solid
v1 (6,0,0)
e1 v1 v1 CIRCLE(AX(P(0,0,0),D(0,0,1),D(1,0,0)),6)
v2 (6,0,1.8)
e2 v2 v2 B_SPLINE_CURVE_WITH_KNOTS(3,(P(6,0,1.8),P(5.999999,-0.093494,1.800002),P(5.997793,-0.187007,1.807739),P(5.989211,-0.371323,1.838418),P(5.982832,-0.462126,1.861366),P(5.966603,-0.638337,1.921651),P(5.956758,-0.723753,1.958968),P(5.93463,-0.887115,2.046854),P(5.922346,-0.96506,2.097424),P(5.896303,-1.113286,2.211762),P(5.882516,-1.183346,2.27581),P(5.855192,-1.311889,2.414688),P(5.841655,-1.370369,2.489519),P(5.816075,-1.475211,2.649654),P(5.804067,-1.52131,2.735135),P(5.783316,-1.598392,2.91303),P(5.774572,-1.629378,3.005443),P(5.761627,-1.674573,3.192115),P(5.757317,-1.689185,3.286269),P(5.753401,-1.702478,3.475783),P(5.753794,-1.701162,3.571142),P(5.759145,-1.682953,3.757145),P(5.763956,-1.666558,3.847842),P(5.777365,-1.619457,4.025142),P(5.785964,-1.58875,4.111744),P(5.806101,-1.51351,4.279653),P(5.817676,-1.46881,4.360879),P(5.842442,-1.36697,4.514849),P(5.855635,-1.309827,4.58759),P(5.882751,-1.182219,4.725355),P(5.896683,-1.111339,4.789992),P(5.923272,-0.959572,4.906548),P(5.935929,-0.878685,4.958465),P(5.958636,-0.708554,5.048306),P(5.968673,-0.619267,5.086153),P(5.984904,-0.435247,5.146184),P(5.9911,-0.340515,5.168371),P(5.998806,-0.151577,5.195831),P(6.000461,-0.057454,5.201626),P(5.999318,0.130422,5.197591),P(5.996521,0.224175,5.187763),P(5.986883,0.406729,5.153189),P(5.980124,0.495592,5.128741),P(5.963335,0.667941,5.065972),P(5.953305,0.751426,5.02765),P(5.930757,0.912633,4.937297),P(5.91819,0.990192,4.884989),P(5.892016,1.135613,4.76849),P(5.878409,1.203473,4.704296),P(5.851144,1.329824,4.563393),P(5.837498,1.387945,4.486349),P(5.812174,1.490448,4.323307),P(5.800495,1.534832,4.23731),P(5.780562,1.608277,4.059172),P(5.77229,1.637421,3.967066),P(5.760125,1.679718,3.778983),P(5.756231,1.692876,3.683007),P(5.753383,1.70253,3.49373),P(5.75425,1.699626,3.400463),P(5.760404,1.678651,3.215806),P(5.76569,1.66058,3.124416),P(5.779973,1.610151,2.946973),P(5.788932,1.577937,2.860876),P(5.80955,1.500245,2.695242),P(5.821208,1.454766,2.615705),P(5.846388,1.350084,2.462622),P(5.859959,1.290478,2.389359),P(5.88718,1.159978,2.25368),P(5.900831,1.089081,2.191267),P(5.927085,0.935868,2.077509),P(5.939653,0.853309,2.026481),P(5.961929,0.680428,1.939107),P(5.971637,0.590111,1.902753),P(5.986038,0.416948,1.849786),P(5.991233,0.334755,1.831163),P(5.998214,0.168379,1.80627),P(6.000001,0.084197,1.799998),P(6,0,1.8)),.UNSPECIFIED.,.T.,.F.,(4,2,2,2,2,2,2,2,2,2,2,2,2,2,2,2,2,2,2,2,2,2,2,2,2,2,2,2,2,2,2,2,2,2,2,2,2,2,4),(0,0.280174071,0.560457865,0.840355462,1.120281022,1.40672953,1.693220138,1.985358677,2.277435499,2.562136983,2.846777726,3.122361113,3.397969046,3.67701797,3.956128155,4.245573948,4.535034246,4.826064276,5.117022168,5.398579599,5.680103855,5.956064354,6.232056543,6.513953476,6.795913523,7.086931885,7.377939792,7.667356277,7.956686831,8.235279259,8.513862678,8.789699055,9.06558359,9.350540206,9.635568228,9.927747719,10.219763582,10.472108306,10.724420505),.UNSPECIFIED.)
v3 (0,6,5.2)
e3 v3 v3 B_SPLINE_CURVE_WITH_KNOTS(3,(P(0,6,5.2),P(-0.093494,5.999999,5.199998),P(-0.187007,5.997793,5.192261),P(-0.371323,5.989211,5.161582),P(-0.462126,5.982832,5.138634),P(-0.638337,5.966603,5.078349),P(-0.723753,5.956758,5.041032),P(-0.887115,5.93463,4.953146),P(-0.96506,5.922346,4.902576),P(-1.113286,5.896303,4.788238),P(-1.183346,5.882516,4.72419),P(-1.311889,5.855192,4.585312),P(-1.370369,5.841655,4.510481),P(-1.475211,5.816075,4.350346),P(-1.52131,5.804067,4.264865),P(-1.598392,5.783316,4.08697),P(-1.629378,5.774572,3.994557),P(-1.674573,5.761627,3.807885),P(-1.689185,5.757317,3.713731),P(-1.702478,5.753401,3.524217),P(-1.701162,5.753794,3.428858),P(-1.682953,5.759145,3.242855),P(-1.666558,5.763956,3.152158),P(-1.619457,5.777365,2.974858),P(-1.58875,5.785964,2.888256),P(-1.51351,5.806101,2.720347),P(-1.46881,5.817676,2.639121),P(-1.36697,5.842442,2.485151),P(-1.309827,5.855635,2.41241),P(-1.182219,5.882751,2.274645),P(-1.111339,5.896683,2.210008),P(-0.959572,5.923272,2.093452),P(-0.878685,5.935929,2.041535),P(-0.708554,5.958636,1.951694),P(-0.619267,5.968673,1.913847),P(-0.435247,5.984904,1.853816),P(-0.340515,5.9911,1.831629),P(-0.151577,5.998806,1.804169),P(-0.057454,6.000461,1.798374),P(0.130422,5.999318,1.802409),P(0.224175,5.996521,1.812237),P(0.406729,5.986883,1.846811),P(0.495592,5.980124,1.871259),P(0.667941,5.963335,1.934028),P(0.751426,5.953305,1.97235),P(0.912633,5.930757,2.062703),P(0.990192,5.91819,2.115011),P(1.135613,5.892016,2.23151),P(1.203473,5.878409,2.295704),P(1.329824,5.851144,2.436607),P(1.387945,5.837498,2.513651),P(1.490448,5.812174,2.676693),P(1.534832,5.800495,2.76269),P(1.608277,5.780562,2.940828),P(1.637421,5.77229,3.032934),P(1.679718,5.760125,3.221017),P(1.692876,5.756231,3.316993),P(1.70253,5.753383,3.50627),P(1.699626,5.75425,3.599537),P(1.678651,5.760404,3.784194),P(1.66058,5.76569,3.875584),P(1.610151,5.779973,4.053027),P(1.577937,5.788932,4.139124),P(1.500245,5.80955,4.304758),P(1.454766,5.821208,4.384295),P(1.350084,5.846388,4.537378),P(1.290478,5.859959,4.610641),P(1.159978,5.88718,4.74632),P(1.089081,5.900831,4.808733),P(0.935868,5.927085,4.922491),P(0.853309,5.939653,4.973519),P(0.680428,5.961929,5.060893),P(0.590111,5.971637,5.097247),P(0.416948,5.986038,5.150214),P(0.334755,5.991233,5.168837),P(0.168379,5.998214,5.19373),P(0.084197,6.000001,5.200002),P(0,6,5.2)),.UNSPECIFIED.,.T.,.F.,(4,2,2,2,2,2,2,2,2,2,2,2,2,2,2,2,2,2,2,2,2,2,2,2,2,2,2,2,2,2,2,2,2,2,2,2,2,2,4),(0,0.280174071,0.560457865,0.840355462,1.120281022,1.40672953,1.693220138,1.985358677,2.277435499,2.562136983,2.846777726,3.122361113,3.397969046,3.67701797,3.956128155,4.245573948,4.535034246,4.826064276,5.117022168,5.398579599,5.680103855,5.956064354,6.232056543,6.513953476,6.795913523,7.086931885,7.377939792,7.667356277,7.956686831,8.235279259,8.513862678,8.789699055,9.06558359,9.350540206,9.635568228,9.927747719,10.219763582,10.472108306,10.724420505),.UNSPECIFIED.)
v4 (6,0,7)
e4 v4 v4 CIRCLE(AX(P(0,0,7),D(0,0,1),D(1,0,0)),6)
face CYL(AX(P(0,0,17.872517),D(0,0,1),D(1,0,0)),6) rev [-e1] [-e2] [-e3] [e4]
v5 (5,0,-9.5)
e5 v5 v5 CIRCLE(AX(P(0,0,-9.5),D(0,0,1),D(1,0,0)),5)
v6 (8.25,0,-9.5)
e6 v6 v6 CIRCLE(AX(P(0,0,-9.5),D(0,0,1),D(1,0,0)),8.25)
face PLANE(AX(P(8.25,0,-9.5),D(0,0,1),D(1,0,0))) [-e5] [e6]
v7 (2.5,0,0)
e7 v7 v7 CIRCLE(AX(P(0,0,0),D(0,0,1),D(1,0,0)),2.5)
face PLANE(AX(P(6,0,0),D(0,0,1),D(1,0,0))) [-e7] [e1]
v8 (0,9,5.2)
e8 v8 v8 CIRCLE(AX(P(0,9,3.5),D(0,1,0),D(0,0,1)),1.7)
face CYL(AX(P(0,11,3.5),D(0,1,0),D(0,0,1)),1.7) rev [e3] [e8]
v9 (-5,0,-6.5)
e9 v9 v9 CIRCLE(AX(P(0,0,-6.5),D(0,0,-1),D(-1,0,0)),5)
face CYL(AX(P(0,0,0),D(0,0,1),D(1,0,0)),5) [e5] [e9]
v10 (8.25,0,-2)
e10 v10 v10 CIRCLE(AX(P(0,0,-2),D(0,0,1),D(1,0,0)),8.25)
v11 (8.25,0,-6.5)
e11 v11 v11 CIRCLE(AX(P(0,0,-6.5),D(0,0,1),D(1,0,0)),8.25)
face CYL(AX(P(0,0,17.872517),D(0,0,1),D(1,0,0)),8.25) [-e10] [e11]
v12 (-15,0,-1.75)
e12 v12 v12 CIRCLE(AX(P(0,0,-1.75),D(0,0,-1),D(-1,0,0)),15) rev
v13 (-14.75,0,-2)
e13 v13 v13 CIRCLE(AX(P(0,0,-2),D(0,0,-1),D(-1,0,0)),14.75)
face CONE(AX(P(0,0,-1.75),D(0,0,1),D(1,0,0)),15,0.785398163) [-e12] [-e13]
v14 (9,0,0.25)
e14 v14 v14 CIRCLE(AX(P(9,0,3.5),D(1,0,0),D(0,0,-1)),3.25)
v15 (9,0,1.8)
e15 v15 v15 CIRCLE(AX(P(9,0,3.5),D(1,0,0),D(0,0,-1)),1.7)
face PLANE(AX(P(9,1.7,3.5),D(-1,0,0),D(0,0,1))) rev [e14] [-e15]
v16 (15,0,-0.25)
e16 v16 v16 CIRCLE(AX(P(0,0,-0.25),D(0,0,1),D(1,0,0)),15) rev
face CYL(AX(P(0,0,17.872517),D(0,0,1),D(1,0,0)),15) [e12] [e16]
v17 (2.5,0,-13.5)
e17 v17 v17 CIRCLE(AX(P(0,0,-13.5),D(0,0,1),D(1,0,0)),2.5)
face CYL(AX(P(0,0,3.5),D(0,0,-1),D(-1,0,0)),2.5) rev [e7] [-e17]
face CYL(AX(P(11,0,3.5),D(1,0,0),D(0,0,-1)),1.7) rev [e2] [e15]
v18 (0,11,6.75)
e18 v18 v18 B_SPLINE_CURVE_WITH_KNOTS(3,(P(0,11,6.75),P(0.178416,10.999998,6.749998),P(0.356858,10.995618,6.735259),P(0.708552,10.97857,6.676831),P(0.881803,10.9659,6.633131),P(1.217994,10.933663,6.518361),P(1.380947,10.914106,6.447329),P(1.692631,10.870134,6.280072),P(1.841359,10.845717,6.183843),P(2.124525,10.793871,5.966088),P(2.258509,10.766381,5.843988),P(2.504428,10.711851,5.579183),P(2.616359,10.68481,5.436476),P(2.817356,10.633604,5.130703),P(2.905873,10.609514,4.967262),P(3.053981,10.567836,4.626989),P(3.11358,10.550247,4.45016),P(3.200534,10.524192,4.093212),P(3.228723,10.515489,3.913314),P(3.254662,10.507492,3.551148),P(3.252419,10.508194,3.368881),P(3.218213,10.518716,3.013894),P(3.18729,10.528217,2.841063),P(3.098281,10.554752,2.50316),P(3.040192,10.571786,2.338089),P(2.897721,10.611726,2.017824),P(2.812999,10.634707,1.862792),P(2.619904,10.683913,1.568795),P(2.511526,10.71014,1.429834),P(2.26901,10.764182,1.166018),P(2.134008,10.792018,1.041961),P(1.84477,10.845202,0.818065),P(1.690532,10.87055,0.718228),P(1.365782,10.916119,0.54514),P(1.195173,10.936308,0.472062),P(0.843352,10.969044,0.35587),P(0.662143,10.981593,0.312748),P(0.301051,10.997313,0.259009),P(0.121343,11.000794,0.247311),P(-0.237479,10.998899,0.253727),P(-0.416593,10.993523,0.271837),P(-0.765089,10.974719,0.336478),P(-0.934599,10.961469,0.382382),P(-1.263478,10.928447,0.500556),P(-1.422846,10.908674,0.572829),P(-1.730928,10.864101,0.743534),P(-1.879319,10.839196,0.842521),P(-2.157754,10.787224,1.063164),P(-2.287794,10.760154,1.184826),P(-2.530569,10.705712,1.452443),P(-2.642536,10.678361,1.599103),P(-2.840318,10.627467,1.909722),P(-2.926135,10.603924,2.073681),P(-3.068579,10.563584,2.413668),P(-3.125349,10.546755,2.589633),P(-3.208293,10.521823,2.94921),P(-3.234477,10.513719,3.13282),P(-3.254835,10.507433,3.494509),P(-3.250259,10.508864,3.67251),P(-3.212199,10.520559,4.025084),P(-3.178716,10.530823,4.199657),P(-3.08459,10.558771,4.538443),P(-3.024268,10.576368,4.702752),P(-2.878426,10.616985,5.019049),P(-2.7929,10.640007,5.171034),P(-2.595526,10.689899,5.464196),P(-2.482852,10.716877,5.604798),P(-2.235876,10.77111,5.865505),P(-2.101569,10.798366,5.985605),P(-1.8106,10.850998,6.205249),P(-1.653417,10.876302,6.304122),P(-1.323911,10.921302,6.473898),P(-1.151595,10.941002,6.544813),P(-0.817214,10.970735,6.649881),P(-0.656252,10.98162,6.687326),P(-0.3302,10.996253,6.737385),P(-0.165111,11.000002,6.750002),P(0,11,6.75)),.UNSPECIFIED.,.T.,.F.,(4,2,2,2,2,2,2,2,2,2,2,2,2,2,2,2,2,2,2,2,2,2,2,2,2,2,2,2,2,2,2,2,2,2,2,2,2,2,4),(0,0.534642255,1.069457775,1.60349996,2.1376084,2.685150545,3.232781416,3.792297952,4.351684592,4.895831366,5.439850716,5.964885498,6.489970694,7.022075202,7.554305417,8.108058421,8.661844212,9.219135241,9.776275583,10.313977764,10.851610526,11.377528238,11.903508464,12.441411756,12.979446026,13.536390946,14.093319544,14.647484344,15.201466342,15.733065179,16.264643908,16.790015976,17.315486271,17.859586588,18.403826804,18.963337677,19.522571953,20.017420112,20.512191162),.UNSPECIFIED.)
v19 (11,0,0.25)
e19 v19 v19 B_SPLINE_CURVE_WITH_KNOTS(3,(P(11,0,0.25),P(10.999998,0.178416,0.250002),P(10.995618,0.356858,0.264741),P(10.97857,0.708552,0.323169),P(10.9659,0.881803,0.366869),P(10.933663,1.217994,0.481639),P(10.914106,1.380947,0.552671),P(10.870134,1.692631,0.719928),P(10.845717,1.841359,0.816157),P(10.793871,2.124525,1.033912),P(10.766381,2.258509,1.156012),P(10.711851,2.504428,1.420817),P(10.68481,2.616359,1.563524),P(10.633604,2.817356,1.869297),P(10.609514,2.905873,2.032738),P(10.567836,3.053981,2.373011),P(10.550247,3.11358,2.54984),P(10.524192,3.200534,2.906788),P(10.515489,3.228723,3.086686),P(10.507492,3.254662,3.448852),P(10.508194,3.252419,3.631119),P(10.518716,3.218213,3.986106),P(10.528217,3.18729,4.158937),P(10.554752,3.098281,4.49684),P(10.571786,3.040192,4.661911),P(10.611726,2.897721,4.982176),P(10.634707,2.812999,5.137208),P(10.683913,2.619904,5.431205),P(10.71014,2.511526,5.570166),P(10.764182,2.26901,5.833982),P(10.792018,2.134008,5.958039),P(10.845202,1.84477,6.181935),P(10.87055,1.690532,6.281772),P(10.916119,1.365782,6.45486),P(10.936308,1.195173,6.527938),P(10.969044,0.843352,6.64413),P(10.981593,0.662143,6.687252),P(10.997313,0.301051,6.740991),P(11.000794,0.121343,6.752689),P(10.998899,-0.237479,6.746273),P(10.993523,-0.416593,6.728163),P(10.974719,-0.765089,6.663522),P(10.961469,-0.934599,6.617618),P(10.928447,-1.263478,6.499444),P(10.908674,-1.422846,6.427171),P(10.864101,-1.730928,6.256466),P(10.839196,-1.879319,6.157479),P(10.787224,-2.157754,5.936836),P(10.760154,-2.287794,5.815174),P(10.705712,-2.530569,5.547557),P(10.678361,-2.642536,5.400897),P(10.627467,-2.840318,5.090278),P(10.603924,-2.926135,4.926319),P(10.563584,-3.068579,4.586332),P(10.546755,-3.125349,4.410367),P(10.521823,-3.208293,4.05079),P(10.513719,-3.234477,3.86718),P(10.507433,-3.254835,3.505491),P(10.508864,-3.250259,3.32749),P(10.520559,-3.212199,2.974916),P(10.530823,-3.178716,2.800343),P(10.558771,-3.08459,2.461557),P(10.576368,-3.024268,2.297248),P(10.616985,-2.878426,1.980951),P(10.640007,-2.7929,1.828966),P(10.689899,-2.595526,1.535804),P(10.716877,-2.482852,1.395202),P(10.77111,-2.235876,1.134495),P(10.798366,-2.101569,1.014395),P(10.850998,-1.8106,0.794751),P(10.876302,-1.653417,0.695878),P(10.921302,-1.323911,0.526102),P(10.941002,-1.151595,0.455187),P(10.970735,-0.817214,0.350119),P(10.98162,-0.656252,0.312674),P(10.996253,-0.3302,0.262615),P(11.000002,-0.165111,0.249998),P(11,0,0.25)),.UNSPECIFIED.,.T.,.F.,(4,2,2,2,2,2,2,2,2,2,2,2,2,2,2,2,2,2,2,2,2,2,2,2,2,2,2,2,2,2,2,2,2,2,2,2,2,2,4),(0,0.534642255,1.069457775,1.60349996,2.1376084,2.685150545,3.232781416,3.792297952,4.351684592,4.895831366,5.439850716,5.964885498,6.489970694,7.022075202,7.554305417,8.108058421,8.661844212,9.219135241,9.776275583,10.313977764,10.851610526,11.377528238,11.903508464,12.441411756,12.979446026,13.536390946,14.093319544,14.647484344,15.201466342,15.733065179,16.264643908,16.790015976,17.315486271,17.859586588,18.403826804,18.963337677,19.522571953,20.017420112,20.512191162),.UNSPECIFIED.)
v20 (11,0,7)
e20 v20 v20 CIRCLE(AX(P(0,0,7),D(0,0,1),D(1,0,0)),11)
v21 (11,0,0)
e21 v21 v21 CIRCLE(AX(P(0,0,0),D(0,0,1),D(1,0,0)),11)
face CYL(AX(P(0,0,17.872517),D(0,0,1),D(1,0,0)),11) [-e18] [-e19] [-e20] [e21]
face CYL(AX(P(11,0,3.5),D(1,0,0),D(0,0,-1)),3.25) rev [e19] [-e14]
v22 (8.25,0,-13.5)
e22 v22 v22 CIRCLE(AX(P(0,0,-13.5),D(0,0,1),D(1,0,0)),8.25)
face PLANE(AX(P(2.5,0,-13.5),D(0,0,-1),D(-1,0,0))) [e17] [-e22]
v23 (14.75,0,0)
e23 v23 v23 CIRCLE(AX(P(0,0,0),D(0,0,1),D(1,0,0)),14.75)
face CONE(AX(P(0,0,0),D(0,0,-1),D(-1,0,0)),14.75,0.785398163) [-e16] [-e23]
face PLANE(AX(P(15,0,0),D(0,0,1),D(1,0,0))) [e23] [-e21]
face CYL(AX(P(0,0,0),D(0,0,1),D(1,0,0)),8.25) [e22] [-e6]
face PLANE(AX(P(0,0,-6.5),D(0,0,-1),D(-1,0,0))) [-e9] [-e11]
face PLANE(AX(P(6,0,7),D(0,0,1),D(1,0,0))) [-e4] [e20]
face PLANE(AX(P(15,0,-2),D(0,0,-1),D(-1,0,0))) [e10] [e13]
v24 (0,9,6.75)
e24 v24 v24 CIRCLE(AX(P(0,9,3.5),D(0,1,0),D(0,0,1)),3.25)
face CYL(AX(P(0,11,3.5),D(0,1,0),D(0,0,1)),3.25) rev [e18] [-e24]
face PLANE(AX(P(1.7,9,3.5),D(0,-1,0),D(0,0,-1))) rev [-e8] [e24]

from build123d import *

# Parameters (mm, degrees)
CHAMFER1_SIZE                                       = 0.25
SKETCH2_R                                           = 2.5
CUT_EXTRUDE1_DEPTH                                  = 10
CBORE_FOR_M3_CHEESE_HEAD_SCREW1_D                   = 3.4
CBORE_FOR_M3_CHEESE_HEAD_SCREW1_DEPTH               = 10
CBORE_FOR_M3_CHEESE_HEAD_SCREW1_CBORE_D             = 6.5
CBORE_FOR_M3_CHEESE_HEAD_SCREW1_CBORE_DEPTH         = 2
CBORE_FOR_M3_CHEESE_HEAD_SCREW1_TIP                 = 1.021463052
CBORE_FOR_M3_CHEESE_HEAD_SCREW1_ON_FACE_D           = 3.4
CBORE_FOR_M3_CHEESE_HEAD_SCREW1_ON_FACE_DEPTH       = 10
CBORE_FOR_M3_CHEESE_HEAD_SCREW1_ON_FACE_CBORE_D     = 6.5
CBORE_FOR_M3_CHEESE_HEAD_SCREW1_ON_FACE_CBORE_DEPTH = 2
CBORE_FOR_M3_CHEESE_HEAD_SCREW1_ON_FACE_TIP         = 1.021463052


with BuildPart() as part:
    # Sketch1 → Revolve1 (revolve)
    with BuildSketch(Plane(origin=(0, 0, 0), x_dir=(1, 0, 0), z_dir=(0, 1, 0))):
        Polygon((6, 0), (0, 0), (0, 6.5), (8.25, 6.5), (8.25, 2), (15, 2), (15, 0), (11, 0), (11, -7), (6, -7), align=None)
    revolve(axis=Axis((0, 0, 17.872516556), (0, 0, -1)))

    # Chamfer1
    chamfer1_edges = [part.edges().sort_by_distance(p)[0] for p in [
        (-15, 0, 0),
        (-15, 0, -2),
    ]]
    chamfer(chamfer1_edges, length=CHAMFER1_SIZE)

    # Sketch2 → Cut-Extrude1 (cut)
    with BuildSketch(Plane(origin=(0, 0, -6.5), x_dir=(-1, 0, 0), z_dir=(0, 0, -1))):
        Circle(SKETCH2_R)
    extrude(amount=-CUT_EXTRUDE1_DEPTH, mode=Mode.SUBTRACT)

    # CBORE for M3 Cheese Head Screw1
    with Locations(Plane(origin=(0, 11, 3.5), x_dir=(1, 0, 0), z_dir=(0, 1, 0))):
        with Locations((0, 0)):
            CounterBoreHole(CBORE_FOR_M3_CHEESE_HEAD_SCREW1_D / 2, CBORE_FOR_M3_CHEESE_HEAD_SCREW1_CBORE_D / 2, CBORE_FOR_M3_CHEESE_HEAD_SCREW1_CBORE_DEPTH, depth=CBORE_FOR_M3_CHEESE_HEAD_SCREW1_DEPTH)
            with Locations((0, 0, -(CBORE_FOR_M3_CHEESE_HEAD_SCREW1_DEPTH + CBORE_FOR_M3_CHEESE_HEAD_SCREW1_TIP / 2))):  # 118° drill point
                Cone(0, CBORE_FOR_M3_CHEESE_HEAD_SCREW1_D / 2, CBORE_FOR_M3_CHEESE_HEAD_SCREW1_TIP, mode=Mode.SUBTRACT)

    # CBORE for M3 Cheese Head Screw1 on face
    with Locations(Plane(origin=(11, 0, 3.5), x_dir=(0, 0, 1), z_dir=(1, 0, 0))):
        with Locations((0, 0)):
            CounterBoreHole(CBORE_FOR_M3_CHEESE_HEAD_SCREW1_ON_FACE_D / 2, CBORE_FOR_M3_CHEESE_HEAD_SCREW1_ON_FACE_CBORE_D / 2, CBORE_FOR_M3_CHEESE_HEAD_SCREW1_ON_FACE_CBORE_DEPTH, depth=CBORE_FOR_M3_CHEESE_HEAD_SCREW1_ON_FACE_DEPTH)
            with Locations((0, 0, -(CBORE_FOR_M3_CHEESE_HEAD_SCREW1_ON_FACE_DEPTH + CBORE_FOR_M3_CHEESE_HEAD_SCREW1_ON_FACE_TIP / 2))):  # 118° drill point
                Cone(0, CBORE_FOR_M3_CHEESE_HEAD_SCREW1_ON_FACE_D / 2, CBORE_FOR_M3_CHEESE_HEAD_SCREW1_ON_FACE_TIP, mode=Mode.SUBTRACT)

    # Sketch5 → Revolve2 (revolve)
    with BuildSketch(Plane(origin=(0, 0, 0), x_dir=(1, 0, 0), z_dir=(0, 1, 0))):
        Polygon((2.5, 3.237551437), (2.5, 13.5), (8.25, 13.5), (8.25, 9.5), (5, 9.5), (5, 3.237551437), align=None)
    revolve(axis=Axis((0, 0, 0), (0, 0, -1)))


solid = part.part
